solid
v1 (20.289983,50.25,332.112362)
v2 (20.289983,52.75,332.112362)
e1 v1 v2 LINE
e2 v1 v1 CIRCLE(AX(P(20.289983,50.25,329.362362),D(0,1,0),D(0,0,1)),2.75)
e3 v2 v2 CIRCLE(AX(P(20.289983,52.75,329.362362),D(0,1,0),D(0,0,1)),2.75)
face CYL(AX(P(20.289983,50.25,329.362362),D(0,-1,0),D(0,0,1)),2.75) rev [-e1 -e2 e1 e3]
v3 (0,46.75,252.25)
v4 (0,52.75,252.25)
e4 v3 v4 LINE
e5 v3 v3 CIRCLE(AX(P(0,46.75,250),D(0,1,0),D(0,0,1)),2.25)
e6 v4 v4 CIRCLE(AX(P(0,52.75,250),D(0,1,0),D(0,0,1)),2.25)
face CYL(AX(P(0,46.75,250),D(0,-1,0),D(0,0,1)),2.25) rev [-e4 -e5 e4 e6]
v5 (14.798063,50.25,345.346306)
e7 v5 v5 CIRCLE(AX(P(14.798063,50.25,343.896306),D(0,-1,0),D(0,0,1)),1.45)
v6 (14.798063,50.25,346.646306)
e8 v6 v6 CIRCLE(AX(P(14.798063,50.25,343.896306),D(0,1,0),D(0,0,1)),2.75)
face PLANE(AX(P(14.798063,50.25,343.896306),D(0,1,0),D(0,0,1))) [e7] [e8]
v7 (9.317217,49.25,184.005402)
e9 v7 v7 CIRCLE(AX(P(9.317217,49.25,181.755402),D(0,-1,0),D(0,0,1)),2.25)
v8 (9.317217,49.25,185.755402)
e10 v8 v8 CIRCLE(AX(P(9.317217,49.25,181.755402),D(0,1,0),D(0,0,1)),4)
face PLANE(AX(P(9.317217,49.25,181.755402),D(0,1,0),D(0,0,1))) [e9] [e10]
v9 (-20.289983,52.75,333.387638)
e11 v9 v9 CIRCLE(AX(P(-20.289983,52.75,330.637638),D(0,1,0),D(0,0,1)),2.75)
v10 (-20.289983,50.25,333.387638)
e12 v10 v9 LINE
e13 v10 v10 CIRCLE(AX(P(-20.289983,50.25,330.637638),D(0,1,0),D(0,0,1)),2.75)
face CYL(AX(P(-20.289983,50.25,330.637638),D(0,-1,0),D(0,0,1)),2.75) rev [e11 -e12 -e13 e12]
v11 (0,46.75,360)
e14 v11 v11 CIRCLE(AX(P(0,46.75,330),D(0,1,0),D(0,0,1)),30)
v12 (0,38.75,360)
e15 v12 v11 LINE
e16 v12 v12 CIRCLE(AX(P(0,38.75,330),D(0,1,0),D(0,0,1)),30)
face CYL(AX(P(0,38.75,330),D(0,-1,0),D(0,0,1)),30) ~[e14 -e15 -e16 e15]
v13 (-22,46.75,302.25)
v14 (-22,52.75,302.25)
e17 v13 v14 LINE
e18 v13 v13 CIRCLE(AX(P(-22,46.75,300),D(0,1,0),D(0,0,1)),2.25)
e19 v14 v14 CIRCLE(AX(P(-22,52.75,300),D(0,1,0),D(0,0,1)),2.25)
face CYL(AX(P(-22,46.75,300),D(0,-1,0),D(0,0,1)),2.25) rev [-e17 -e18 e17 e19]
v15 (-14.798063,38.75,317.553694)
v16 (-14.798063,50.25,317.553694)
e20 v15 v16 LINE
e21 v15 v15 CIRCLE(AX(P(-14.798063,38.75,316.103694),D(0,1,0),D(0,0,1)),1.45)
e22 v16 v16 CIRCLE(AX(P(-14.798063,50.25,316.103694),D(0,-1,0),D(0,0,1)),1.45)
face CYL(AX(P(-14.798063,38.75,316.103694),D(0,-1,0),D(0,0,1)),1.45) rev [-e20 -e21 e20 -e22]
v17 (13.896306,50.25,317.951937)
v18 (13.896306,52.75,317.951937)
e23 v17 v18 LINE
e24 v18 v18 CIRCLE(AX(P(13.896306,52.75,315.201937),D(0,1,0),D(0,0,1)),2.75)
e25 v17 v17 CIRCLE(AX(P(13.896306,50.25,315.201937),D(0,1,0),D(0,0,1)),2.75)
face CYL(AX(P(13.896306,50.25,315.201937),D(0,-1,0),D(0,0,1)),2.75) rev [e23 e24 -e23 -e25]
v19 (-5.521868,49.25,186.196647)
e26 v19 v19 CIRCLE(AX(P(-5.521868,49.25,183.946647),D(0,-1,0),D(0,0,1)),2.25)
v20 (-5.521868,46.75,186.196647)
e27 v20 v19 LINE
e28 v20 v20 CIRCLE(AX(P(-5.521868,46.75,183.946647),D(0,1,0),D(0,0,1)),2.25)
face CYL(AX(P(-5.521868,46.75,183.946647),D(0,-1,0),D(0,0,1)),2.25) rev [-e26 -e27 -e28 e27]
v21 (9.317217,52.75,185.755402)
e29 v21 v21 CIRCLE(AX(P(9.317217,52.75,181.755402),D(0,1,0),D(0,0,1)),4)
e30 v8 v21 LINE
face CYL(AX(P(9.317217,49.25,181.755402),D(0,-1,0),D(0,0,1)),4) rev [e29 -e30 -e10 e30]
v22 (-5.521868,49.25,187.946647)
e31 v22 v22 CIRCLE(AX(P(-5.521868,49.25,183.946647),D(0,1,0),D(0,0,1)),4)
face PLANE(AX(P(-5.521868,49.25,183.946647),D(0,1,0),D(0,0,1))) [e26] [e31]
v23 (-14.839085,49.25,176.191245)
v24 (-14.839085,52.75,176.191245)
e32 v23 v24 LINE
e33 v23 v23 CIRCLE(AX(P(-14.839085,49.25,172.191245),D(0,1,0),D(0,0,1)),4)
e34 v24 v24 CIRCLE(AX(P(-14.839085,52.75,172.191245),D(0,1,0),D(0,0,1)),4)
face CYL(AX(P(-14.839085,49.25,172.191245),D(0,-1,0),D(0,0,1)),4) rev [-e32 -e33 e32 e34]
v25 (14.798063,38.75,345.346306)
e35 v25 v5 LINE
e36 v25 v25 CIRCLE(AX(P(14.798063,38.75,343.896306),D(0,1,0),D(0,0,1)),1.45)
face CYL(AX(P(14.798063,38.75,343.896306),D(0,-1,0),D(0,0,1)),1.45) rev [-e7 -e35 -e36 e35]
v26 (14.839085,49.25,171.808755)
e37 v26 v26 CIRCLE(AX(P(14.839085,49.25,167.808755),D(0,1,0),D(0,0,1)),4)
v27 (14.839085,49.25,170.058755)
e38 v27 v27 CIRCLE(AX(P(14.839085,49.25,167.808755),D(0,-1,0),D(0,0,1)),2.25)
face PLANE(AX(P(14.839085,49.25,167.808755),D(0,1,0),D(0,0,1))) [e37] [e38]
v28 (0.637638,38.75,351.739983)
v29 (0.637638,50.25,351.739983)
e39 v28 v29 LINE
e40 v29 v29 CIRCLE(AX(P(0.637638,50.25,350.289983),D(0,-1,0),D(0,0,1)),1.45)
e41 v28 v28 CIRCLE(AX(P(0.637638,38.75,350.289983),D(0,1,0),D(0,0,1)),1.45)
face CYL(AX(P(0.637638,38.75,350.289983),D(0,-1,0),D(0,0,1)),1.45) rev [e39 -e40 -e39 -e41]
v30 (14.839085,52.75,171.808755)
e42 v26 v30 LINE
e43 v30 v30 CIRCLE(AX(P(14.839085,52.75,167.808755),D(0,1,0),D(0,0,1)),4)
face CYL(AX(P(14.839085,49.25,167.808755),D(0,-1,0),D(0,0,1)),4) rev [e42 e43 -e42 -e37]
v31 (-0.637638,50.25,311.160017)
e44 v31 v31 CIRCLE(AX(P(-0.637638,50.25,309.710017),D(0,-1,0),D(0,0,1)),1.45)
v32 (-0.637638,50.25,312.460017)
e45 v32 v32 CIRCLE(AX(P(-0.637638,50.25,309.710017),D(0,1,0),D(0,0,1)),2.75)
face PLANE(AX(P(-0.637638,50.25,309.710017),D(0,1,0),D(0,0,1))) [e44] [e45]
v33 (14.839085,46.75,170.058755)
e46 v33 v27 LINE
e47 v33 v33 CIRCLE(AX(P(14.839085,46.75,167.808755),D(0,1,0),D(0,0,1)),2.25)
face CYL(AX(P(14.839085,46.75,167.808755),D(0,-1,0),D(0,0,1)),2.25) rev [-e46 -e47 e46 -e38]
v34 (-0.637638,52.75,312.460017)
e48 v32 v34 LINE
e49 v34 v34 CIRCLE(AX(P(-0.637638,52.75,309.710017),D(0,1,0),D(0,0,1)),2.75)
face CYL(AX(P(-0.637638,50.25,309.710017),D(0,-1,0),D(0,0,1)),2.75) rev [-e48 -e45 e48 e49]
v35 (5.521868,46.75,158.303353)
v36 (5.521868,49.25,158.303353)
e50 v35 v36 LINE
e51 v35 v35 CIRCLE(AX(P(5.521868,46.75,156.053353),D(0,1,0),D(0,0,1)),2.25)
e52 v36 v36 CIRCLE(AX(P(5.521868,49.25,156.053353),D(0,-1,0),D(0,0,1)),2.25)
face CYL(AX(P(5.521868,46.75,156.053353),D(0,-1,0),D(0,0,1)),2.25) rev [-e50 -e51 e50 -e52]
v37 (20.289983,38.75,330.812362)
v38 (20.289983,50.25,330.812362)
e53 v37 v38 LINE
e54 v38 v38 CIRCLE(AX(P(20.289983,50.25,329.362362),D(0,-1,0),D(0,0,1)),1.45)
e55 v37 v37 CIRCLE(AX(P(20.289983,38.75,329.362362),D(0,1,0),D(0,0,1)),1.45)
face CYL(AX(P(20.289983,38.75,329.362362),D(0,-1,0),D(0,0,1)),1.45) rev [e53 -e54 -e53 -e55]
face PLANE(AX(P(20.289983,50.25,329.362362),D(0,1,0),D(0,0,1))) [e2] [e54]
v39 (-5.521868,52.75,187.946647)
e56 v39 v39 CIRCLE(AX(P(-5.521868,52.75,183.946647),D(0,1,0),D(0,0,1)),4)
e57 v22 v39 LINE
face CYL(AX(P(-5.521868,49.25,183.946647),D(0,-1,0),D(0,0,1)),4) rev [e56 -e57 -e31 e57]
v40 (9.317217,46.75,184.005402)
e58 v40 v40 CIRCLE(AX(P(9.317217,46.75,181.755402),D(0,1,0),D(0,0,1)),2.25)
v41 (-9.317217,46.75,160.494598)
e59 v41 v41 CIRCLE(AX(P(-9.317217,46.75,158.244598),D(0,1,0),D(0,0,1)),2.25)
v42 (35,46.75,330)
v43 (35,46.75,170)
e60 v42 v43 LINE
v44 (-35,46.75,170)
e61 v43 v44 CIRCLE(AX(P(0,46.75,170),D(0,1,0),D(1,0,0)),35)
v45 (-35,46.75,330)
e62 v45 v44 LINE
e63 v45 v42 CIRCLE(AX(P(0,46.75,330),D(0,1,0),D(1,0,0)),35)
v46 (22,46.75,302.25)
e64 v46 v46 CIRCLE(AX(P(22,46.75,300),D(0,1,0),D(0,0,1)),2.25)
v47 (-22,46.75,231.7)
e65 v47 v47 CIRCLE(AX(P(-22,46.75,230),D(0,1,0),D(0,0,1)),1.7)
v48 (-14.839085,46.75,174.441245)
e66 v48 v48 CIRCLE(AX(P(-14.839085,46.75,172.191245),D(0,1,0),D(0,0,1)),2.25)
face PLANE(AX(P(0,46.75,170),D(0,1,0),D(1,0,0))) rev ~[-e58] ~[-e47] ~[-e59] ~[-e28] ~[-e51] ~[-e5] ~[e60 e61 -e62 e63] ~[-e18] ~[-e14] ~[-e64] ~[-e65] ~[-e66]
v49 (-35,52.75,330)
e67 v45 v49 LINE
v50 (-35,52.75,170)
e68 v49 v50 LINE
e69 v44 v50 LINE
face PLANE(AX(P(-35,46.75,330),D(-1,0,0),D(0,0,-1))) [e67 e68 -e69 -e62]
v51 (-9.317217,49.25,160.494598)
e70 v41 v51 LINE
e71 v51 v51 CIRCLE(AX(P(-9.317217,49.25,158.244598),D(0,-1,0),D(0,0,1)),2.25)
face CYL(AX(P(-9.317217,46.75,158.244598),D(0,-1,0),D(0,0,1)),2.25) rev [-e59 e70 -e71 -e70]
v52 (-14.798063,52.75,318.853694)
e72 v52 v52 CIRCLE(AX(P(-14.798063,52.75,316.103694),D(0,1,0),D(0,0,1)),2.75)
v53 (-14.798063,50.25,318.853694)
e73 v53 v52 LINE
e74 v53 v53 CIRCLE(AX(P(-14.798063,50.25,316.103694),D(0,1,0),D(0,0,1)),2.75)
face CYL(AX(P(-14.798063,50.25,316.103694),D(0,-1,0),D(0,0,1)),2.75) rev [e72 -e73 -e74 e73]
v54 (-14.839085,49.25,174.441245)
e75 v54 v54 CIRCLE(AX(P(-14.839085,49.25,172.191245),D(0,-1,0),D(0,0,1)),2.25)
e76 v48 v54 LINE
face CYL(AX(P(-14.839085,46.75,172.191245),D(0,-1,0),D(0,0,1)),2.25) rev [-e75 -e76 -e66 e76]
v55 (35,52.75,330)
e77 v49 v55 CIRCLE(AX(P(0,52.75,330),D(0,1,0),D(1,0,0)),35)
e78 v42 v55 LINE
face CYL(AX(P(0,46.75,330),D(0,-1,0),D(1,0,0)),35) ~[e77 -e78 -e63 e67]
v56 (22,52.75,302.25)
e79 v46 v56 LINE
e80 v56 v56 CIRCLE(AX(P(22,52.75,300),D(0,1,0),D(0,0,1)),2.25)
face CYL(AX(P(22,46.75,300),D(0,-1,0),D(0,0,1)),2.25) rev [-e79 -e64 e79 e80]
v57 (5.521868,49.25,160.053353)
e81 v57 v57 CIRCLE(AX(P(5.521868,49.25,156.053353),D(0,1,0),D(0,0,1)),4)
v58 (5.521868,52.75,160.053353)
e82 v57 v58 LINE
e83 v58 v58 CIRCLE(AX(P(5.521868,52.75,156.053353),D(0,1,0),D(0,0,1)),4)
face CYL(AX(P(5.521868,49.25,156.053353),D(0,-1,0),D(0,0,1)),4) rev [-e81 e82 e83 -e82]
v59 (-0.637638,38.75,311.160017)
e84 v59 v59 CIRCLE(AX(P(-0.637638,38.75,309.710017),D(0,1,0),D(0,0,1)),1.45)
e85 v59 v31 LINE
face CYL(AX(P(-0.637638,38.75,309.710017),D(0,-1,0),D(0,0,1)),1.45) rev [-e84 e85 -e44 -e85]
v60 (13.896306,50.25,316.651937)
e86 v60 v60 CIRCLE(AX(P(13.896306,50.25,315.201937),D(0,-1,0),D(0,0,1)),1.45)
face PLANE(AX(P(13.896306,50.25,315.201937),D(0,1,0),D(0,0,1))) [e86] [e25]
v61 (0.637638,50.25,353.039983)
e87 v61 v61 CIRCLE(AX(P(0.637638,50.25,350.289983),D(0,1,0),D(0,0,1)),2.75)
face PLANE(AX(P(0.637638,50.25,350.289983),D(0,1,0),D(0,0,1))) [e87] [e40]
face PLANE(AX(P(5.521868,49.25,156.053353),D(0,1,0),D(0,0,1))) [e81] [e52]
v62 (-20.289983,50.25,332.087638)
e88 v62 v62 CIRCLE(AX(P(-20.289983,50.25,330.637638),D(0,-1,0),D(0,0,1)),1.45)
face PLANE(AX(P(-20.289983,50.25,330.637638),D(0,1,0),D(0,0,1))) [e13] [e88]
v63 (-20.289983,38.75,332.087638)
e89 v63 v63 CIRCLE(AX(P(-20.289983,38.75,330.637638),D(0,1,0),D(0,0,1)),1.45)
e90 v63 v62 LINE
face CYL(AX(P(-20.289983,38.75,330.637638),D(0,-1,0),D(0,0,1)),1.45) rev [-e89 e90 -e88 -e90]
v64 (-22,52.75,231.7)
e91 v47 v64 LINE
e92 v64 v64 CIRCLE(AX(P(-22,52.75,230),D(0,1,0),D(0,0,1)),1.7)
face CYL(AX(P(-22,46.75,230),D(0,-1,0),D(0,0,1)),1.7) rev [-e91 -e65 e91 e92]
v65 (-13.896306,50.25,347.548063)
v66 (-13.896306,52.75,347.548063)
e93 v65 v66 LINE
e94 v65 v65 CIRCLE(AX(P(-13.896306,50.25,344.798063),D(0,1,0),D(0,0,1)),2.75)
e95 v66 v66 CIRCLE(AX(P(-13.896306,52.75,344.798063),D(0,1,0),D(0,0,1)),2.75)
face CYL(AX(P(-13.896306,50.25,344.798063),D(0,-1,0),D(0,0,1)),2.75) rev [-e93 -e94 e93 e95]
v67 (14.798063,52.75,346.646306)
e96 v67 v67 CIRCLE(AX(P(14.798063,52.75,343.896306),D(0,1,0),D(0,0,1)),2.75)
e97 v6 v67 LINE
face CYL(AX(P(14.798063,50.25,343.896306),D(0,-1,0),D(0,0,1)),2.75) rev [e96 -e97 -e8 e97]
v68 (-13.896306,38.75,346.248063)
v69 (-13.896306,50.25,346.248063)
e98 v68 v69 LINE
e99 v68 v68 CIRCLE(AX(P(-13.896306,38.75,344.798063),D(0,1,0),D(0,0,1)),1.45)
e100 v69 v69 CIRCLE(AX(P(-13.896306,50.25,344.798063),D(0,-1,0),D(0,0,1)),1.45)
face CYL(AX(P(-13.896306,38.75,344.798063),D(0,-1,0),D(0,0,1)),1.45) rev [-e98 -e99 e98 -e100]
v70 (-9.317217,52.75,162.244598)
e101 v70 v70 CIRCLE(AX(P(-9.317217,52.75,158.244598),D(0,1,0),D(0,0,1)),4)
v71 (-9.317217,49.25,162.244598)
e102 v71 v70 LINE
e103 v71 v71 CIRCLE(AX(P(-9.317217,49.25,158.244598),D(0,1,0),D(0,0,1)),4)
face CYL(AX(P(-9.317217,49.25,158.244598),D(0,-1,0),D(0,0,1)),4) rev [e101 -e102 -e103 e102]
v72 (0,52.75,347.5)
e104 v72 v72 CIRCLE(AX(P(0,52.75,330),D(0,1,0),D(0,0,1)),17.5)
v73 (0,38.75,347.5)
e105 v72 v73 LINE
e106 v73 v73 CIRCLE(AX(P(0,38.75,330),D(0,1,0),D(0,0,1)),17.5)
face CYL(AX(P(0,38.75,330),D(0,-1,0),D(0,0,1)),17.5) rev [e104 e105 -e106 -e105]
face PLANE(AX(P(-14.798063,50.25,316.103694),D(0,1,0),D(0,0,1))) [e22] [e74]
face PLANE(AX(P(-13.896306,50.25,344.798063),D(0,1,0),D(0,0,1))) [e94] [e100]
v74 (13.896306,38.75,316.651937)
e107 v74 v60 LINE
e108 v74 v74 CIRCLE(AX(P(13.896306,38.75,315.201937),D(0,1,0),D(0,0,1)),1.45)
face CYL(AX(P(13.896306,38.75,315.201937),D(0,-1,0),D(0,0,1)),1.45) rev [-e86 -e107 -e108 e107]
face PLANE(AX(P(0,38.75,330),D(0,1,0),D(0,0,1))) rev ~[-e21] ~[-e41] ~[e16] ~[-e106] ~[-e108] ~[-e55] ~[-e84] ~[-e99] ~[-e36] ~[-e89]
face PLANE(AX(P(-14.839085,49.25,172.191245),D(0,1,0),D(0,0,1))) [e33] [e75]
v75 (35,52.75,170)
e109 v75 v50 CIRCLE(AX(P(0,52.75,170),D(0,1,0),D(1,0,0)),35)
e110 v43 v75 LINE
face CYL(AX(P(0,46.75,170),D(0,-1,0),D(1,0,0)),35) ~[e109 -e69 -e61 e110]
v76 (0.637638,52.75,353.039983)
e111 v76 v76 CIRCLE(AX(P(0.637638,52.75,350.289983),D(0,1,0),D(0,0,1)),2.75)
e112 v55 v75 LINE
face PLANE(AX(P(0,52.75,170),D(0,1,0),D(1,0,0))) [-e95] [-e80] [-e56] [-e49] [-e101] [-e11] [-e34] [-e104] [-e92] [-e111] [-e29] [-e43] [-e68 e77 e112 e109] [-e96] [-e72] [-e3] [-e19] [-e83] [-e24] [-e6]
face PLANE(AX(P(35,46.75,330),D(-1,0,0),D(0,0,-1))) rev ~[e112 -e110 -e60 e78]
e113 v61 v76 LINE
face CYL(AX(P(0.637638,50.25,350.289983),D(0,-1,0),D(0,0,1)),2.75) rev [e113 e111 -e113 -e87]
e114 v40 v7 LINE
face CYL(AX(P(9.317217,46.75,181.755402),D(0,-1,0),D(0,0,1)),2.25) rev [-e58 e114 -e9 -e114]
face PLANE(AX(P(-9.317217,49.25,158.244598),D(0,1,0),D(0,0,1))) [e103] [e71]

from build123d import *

# Parameters (mm, degrees)
PLACA_START                    = 46.75
SK_PLACA_W                     = 70
SK_PLACA_H                     = 160
PLACA_DEPTH                    = 6
EXTREMOS_START                 = 46.75
SK_EXTREMOS_R                  = 35
EXTREMOS_DEPTH                 = 6
PASANTES_M4_SEPARADORES_START  = 46.75
SK_PASANTES_M4_SEPARADORES_R   = 2.25
PASANTES_M4_SEPARADORES_DEPTH  = 6
ASIENTO_J3_START               = 38.75
SK_ASIENTO_J3_R                = 30
SK_ASIENTO_J3_R_2              = 17.5
ASIENTO_J3_DEPTH               = 8
PASO_ROTOR_J3_START            = 38.75
SK_PASO_ROTOR_J3_R             = 17.5
PASO_ROTOR_J3_DEPTH            = 14
PASANTES_M2_5_ESTATOR_J3_START = 38.75
SK_PASANTES_M2_5_ESTATOR_J3_R  = 1.45
PASANTES_M2_5_ESTATOR_J3_DEPTH = 14
CAJAS_M2_5_J3_START            = 50.25
SK_CAJAS_M2_5_J3_R             = 2.75
CAJAS_M2_5_J3_DEPTH            = 2.5
PASANTES_M4_SALIDA_J2_START    = 46.75
SK_PASANTES_M4_SALIDA_J2_R     = 2.25
PASANTES_M4_SALIDA_J2_DEPTH    = 6
CAJAS_M4_J2_START              = 49.25
SK_CAJAS_M4_J2_R               = 4
CAJAS_M4_J2_DEPTH              = 3.5
PASANTE_M3_CINCHO_START        = 46.75
SK_PASANTE_M3_CINCHO_R         = 1.7
PASANTE_M3_CINCHO_DEPTH        = 6


with BuildPart() as part:
    # Sk_Placa → Placa (new body)
    with BuildSketch(Plane(origin=(0, 0, 0), x_dir=(1, 0, 0), z_dir=(0, 1, 0)).offset(PLACA_START)):
        with Locations((0, -250)):
            Rectangle(SK_PLACA_W, SK_PLACA_H)
    extrude(amount=PLACA_DEPTH)

    # Sk_Extremos → Extremos (add)
    with BuildSketch(Plane(origin=(0, 0, 0), x_dir=(1, 0, 0), z_dir=(0, 1, 0)).offset(EXTREMOS_START)):
        with Locations((0, -170)):
            Circle(SK_EXTREMOS_R)
        with Locations((0, -330)):
            Circle(SK_EXTREMOS_R)
    extrude(amount=EXTREMOS_DEPTH)

    # Sk_Pasantes_M4_separadores → Pasantes_M4_separadores (cut)
    with BuildSketch(Plane(origin=(0, 0, 0), x_dir=(1, 0, 0), z_dir=(0, 1, 0)).offset(PASANTES_M4_SEPARADORES_START)):
        with Locations(Location((0, -250, 0), (0, 0, 270))):
            Circle(SK_PASANTES_M4_SEPARADORES_R)
        with Locations(Location((-22, -300, 0), (0, 0, 270))):
            Circle(SK_PASANTES_M4_SEPARADORES_R)
        with Locations(Location((22, -300, 0), (0, 0, 270))):
            Circle(SK_PASANTES_M4_SEPARADORES_R)
    extrude(amount=PASANTES_M4_SEPARADORES_DEPTH, mode=Mode.SUBTRACT)

    # Sk_Asiento_J3 → Asiento_J3 (add)
    with BuildSketch(Plane(origin=(0, 0, 0), x_dir=(1, 0, 0), z_dir=(0, 1, 0)).offset(ASIENTO_J3_START)):
        with Locations(Location((0, -330, 0), (0, 0, 270))):
            Circle(SK_ASIENTO_J3_R)
        with Locations(Location((0, -330, 0), (0, 0, 270))):
            Circle(SK_ASIENTO_J3_R_2, mode=Mode.SUBTRACT)
    extrude(amount=ASIENTO_J3_DEPTH)

    # Sk_Paso_rotor_J3 → Paso_rotor_J3 (cut)
    with BuildSketch(Plane(origin=(0, 0, 0), x_dir=(1, 0, 0), z_dir=(0, 1, 0)).offset(PASO_ROTOR_J3_START)):
        with Locations(Location((0, -330, 0), (0, 0, 270))):
            Circle(SK_PASO_ROTOR_J3_R)
    extrude(amount=PASO_ROTOR_J3_DEPTH, mode=Mode.SUBTRACT)

    # Sk_Pasantes_M2-5_estator_J3 → Pasantes_M2-5_estator_J3 (cut)
    with BuildSketch(Plane(origin=(0, 0, 0), x_dir=(1, 0, 0), z_dir=(0, 1, 0)).offset(PASANTES_M2_5_ESTATOR_J3_START)):
        with Locations(Location((20.289983175, -329.362361591, 0), (0, 0, 270))):
            Circle(SK_PASANTES_M2_5_ESTATOR_J3_R)
        with Locations(Location((14.798063137, -343.89630625, 0), (0, 0, 270))):
            Circle(SK_PASANTES_M2_5_ESTATOR_J3_R)
        with Locations(Location((0.637638409, -350.289983175, 0), (0, 0, 270))):
            Circle(SK_PASANTES_M2_5_ESTATOR_J3_R)
        with Locations(Location((-13.89630625, -344.798063137, 0), (0, 0, 270))):
            Circle(SK_PASANTES_M2_5_ESTATOR_J3_R)
        with Locations(Location((-20.289983175, -330.637638409, 0), (0, 0, 270))):
            Circle(SK_PASANTES_M2_5_ESTATOR_J3_R)
        with Locations(Location((-14.798063137, -316.10369375, 0), (0, 0, 270))):
            Circle(SK_PASANTES_M2_5_ESTATOR_J3_R)
        with Locations(Location((-0.637638409, -309.710016825, 0), (0, 0, 270))):
            Circle(SK_PASANTES_M2_5_ESTATOR_J3_R)
        with Locations(Location((13.89630625, -315.201936863, 0), (0, 0, 270))):
            Circle(SK_PASANTES_M2_5_ESTATOR_J3_R)
    extrude(amount=PASANTES_M2_5_ESTATOR_J3_DEPTH, mode=Mode.SUBTRACT)

    # Sk_Cajas_M2-5_J3 → Cajas_M2-5_J3 (cut)
    with BuildSketch(Plane(origin=(0, 0, 0), x_dir=(1, 0, 0), z_dir=(0, 1, 0)).offset(CAJAS_M2_5_J3_START)):
        with Locations(Location((20.289983175, -329.362361591, 0), (0, 0, 270))):
            Circle(SK_CAJAS_M2_5_J3_R)
        with Locations(Location((14.798063137, -343.89630625, 0), (0, 0, 270))):
            Circle(SK_CAJAS_M2_5_J3_R)
        with Locations(Location((0.637638409, -350.289983175, 0), (0, 0, 270))):
            Circle(SK_CAJAS_M2_5_J3_R)
        with Locations(Location((-13.89630625, -344.798063137, 0), (0, 0, 270))):
            Circle(SK_CAJAS_M2_5_J3_R)
        with Locations(Location((-20.289983175, -330.637638409, 0), (0, 0, 270))):
            Circle(SK_CAJAS_M2_5_J3_R)
        with Locations(Location((-14.798063137, -316.10369375, 0), (0, 0, 270))):
            Circle(SK_CAJAS_M2_5_J3_R)
        with Locations(Location((-0.637638409, -309.710016825, 0), (0, 0, 270))):
            Circle(SK_CAJAS_M2_5_J3_R)
        with Locations(Location((13.89630625, -315.201936863, 0), (0, 0, 270))):
            Circle(SK_CAJAS_M2_5_J3_R)
    extrude(amount=CAJAS_M2_5_J3_DEPTH, mode=Mode.SUBTRACT)

    # Sk_Pasantes_M4_salida_J2 → Pasantes_M4_salida_J2 (cut)
    with BuildSketch(Plane(origin=(0, 0, 0), x_dir=(1, 0, 0), z_dir=(0, 1, 0)).offset(PASANTES_M4_SALIDA_J2_START)):
        with Locations(Location((14.839084994, -167.808754572, 0), (0, 0, 270))):
            Circle(SK_PASANTES_M4_SALIDA_J2_R)
        with Locations(Location((9.317216704, -181.75540186, 0), (0, 0, 270))):
            Circle(SK_PASANTES_M4_SALIDA_J2_R)
        with Locations(Location((-5.52186829, -183.946647288, 0), (0, 0, 270))):
            Circle(SK_PASANTES_M4_SALIDA_J2_R)
        with Locations(Location((-14.839084994, -172.191245428, 0), (0, 0, 270))):
            Circle(SK_PASANTES_M4_SALIDA_J2_R)
        with Locations(Location((-9.317216704, -158.24459814, 0), (0, 0, 270))):
            Circle(SK_PASANTES_M4_SALIDA_J2_R)
        with Locations(Location((5.52186829, -156.053352712, 0), (0, 0, 270))):
            Circle(SK_PASANTES_M4_SALIDA_J2_R)
    extrude(amount=PASANTES_M4_SALIDA_J2_DEPTH, mode=Mode.SUBTRACT)

    # Sk_Cajas_M4_J2 → Cajas_M4_J2 (cut)
    with BuildSketch(Plane(origin=(0, 0, 0), x_dir=(1, 0, 0), z_dir=(0, 1, 0)).offset(CAJAS_M4_J2_START)):
        with Locations(Location((14.839084994, -167.808754572, 0), (0, 0, 270))):
            Circle(SK_CAJAS_M4_J2_R)
        with Locations(Location((9.317216704, -181.75540186, 0), (0, 0, 270))):
            Circle(SK_CAJAS_M4_J2_R)
        with Locations(Location((-5.52186829, -183.946647288, 0), (0, 0, 270))):
            Circle(SK_CAJAS_M4_J2_R)
        with Locations(Location((-14.839084994, -172.191245428, 0), (0, 0, 270))):
            Circle(SK_CAJAS_M4_J2_R)
        with Locations(Location((-9.317216704, -158.24459814, 0), (0, 0, 270))):
            Circle(SK_CAJAS_M4_J2_R)
        with Locations(Location((5.52186829, -156.053352712, 0), (0, 0, 270))):
            Circle(SK_CAJAS_M4_J2_R)
    extrude(amount=CAJAS_M4_J2_DEPTH, mode=Mode.SUBTRACT)

    # Sk_Pasante_M3_cincho → Pasante_M3_cincho (cut)
    with BuildSketch(Plane(origin=(0, 0, 0), x_dir=(1, 0, 0), z_dir=(0, 1, 0)).offset(PASANTE_M3_CINCHO_START)):
        with Locations(Location((-22, -230, 0), (0, 0, 270))):
            Circle(SK_PASANTE_M3_CINCHO_R)
    extrude(amount=PASANTE_M3_CINCHO_DEPTH, mode=Mode.SUBTRACT)


solid = part.part
